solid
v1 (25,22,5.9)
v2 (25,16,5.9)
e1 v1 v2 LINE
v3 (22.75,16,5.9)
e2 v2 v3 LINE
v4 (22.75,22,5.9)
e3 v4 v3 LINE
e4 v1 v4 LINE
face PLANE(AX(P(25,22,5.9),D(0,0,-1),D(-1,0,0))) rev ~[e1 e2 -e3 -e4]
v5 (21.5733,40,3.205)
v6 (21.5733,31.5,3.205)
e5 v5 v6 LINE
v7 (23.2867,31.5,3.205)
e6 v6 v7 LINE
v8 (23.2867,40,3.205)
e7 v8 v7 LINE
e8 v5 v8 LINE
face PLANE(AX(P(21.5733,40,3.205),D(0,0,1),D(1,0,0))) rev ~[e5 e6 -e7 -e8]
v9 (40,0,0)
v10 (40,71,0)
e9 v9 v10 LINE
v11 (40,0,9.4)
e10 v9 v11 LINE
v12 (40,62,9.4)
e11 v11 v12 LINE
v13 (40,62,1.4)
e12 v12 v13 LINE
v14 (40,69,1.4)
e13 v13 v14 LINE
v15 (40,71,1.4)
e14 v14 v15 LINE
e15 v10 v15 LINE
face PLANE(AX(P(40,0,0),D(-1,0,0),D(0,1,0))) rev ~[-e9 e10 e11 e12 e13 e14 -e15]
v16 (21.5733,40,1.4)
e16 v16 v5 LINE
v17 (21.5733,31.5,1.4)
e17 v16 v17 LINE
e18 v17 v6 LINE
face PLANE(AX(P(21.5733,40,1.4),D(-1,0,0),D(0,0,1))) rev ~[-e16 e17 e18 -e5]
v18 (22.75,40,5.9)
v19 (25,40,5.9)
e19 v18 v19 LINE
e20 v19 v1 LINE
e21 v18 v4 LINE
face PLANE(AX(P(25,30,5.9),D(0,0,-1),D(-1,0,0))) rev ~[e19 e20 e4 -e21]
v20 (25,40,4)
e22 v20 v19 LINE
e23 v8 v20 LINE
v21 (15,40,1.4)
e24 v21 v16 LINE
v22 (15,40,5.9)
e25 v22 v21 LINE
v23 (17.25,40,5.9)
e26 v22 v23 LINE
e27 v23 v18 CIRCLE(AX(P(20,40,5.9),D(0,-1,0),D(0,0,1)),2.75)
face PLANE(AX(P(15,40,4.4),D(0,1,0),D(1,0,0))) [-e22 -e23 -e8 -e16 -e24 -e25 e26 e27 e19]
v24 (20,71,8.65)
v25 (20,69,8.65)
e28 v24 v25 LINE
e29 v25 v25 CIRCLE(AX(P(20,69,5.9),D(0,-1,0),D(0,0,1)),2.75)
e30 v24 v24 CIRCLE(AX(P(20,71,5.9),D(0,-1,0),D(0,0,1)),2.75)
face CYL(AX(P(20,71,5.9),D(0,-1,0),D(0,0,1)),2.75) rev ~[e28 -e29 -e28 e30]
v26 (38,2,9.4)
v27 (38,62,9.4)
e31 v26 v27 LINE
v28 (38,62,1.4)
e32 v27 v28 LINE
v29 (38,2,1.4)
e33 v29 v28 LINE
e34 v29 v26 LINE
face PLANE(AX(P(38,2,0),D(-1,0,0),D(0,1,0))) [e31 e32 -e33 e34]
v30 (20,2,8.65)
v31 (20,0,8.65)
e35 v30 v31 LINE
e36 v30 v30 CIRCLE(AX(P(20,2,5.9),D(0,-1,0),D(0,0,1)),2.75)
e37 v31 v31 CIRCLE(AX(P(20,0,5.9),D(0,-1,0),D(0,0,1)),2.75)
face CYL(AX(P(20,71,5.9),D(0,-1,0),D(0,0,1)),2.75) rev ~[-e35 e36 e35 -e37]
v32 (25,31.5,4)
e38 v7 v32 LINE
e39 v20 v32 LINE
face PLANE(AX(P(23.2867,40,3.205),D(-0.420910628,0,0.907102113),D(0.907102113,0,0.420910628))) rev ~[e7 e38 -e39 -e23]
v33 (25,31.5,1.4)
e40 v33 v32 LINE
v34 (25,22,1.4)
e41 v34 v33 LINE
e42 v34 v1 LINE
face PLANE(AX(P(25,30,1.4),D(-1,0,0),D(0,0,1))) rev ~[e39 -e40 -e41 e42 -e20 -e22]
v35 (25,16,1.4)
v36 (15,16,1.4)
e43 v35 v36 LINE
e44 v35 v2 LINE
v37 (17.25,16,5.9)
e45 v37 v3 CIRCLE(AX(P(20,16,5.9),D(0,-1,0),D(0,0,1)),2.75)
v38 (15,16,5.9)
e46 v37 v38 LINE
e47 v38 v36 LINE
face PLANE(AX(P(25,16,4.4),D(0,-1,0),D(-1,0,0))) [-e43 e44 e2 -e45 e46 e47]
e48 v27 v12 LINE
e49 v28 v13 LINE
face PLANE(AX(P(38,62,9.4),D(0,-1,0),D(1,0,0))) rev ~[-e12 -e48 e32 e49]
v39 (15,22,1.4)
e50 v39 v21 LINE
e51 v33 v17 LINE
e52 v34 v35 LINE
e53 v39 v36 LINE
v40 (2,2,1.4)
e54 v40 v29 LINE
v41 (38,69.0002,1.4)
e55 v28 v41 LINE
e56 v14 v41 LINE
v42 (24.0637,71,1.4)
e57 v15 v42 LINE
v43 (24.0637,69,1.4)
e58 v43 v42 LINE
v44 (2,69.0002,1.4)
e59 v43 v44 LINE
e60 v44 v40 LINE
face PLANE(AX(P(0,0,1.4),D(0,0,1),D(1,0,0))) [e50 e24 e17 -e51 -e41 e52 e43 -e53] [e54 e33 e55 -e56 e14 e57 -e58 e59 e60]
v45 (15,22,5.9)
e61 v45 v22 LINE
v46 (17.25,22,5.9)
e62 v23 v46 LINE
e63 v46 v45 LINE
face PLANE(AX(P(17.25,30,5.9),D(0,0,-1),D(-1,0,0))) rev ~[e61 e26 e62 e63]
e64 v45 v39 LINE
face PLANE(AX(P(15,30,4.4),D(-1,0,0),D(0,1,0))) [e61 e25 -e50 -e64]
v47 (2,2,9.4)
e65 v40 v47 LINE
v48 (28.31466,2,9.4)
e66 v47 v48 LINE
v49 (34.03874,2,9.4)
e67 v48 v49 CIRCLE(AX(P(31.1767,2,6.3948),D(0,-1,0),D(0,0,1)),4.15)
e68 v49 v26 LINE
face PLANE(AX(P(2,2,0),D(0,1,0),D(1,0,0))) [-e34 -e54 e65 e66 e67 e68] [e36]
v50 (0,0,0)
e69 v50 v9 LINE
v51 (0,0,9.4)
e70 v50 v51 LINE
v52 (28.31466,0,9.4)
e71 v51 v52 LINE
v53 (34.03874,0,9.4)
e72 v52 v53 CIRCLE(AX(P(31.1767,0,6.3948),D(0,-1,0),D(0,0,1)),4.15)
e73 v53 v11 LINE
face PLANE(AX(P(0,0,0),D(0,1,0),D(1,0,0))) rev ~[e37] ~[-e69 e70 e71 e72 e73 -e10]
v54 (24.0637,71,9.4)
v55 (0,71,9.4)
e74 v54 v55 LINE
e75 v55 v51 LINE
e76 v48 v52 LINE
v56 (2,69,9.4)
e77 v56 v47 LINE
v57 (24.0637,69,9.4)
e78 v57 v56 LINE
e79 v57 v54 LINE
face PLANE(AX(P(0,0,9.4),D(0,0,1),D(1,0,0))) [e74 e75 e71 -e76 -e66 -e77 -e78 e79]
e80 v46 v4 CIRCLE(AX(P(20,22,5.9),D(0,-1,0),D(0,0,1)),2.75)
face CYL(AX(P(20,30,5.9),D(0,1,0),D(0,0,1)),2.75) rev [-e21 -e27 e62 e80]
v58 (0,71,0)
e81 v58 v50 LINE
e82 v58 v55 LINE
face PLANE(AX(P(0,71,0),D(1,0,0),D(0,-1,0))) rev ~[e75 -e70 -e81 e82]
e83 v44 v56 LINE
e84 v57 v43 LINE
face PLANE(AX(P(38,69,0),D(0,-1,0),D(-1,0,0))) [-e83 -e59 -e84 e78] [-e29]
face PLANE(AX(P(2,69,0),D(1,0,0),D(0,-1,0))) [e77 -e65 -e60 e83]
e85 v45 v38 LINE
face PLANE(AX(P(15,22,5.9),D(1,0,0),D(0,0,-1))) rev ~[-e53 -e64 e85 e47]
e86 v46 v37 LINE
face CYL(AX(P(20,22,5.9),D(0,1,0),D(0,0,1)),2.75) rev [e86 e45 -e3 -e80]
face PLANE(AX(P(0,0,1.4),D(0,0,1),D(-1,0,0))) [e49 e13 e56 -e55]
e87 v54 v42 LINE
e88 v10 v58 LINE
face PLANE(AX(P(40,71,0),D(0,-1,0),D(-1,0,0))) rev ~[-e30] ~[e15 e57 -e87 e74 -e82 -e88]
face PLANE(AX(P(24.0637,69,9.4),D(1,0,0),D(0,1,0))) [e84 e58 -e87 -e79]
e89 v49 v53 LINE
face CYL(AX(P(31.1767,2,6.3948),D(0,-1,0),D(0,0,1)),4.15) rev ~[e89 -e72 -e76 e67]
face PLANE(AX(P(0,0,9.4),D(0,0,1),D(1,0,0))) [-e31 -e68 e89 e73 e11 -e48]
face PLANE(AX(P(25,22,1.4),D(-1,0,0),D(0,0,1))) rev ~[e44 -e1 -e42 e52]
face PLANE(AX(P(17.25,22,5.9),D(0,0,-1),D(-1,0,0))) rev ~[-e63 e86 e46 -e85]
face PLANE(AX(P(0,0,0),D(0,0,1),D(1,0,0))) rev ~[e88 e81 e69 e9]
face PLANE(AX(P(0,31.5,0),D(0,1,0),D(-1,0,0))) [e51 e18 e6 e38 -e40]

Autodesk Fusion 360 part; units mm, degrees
sketch "Sketch2" plane through (0, 0, 0) normal (0, 0, 1) x (1, 0, 0)
  line L0 (0, 0) -> (40, 0)
  line L1 (40, 0) -> (40, 71)
  line L2 (40, 71) -> (0, 71)
  line L3 (0, 71) -> (0, 0)
  line L4 (2, 2) -> (38, 2)
  line L5 (38, 2) -> (38, 69)
  line L6 (38, 69) -> (2, 69)
  line L7 (2, 69) -> (2, 2)
  dimension "d1" = 40
  dimension "d2" = 71
  dimension "d26" = 67
extrude "Extrude1" add sketch "Sketch2" along normal blind 9.4
sketch "Sketch3" plane through (0, 0, 0) normal (0, 0, 1) x (1, 0, 0)
  line L0 (2, 2) -> (38, 2)
  line L1 (38, 2) -> (38, 69.0002)
  line L2 (38, 69.0002) -> (2, 69.0002)
  line L3 (2, 69.0002) -> (2, 2)
extrude "Extrude2" add sketch "Sketch3" along normal blind 1.4
sketch "Sketch4" plane through (0, 0, 1.4) normal (0, 0, 1) x (-1, 0, 0)
  line L0 (-2, -69) -> (-2, -2)
  line L1 (-2, -2) -> (-38, -2)
  line L2 (-38, -2) -> (-38, -69)
  line L3 (-25, -30) -> (-15, -30)
  line L4 (-15, -30) -> (-15, -40)
  line L5 (-15, -40) -> (-25, -40)
  line L6 (-25, -40) -> (-25, -30)
  line L7 (-38, -69) -> (-2, -69)
extrude "Extrude3" add sketch "Sketch4" along normal blind 3 contours L3 L4 L5 L6
extrude "Extrude4" add 1 faces at (21.6667, 33.3333, 4.4) along direction (0, 0, 1) blind 1.5
hole "Hole1" at (20, 71, 5.9) direction (0, -1, 0) diameter 5.5 depth 74 tip angle 118
hole "Hole2" at (31.1767, 2, 6.3948) direction (0, -1, 0) diameter 8.3 depth 10 tip angle 118
sketch "Sketch5" plane through (0, 40, 0) normal (0, 1, 0) x (-1, 0, 0)
  arc A0 (-22.75, 5.9) -> (-17.25, 5.9) centre (-20, 5.9) ccw
  line L0 (-22.75, 5.9) -> (-25, 5.9)
  line L1 (-25, 5.9) -> (-25, 1.4)
  line L2 (-25, 1.4) -> (-15, 1.4)
  line L3 (-15, 1.4) -> (-15, 5.9)
  line L4 (-15, 5.9) -> (-17.25, 5.9)
sketch "Sketch6" plane through (0, 40, 0) normal (0, 1, 0) x (-1, 0, 0)
  line L0 (-25, 1.4) -> (-21.5733, 1.4)
  line L1 (-21.5733, 1.4) -> (-21.5733, 3.205)
  line L2 (-21.5733, 3.205) -> (-23.2867, 3.205)
  line L3 (-25, 3.205) -> (-25, 1.4)
  line L4 (-23.2867, 3.205) -> (-25, 4)
  line L5 (-25, 4) -> (-25, 3.205)
extrude "Extrude5" cut sketch "Sketch6" against normal blind 8.5
extrude "Extrude6" add 1 faces at (24.1592, 30, 4.0023) along direction (0, -1, 0) blind 8
sketch "Sketch7" plane through (0, 0, 9.4) normal (0, 0, 1) x (-1, 0, 0)
  line L0 (-28.3147, 0) -> (-28.3147, -2)
  line L1 (-28.3147, -2) -> (-2, -2)
  line L2 (-2, -2) -> (-2, -69)
  line L3 (-2, -69) -> (-38, -69)
  line L4 (-38, -69) -> (-38, -2)
  line L5 (-38, -2) -> (-34.0387, -2)
  line L6 (-34.0387, -2) -> (-34.0387, 0)
  line L7 (-34.0387, 0) -> (-40, 0)
  line L8 (-40, 0) -> (-40, -71)
  line L9 (-40, -71) -> (0, -71)
  line L10 (0, -71) -> (0, 0)
  line L11 (0, 0) -> (-28.3147, 0)
  line L12 (-40, -69) -> (-24.0637, -69)
  line L13 (-24.0637, -69) -> (-24.0637, -71)
  line L14 (-24.0637, -71) -> (-40, -71)
  line L15 (-40, -71) -> (-40, -69)
extrude "Extrude7" cut sketch "Sketch7" against normal blind 8 contours L3 L8 L9 L12 L13 L14 L15
sketch "Sketch8" plane through (0, 0, 9.4) normal (0, 0, 1) x (-1, 0, 0)
  line L0 (-40, -69) -> (-38, -69)
  line L1 (-38, -69) -> (-38, -2)
  line L2 (-38, -2) -> (-34.0387, -2)
  line L3 (-34.0387, -2) -> (-34.0387, 0)
  line L4 (-34.0387, 0) -> (-40, 0)
  line L5 (-40, 0) -> (-40, -69)
  line L6 (-40, -69) -> (-38, -69)
  line L7 (-38, -69) -> (-38, -62)
  line L8 (-38, -62) -> (-40, -62)
  line L9 (-40, -62) -> (-40, -69)
extrude "Extrude8" cut sketch "Sketch8" against normal blind 8 contours L0 L1 L5 L6 L7 L8 L9
extrude "Extrude9" add 1 faces at (24.1592, 22, 4.0023) along direction (0, -1, 0) blind 6
